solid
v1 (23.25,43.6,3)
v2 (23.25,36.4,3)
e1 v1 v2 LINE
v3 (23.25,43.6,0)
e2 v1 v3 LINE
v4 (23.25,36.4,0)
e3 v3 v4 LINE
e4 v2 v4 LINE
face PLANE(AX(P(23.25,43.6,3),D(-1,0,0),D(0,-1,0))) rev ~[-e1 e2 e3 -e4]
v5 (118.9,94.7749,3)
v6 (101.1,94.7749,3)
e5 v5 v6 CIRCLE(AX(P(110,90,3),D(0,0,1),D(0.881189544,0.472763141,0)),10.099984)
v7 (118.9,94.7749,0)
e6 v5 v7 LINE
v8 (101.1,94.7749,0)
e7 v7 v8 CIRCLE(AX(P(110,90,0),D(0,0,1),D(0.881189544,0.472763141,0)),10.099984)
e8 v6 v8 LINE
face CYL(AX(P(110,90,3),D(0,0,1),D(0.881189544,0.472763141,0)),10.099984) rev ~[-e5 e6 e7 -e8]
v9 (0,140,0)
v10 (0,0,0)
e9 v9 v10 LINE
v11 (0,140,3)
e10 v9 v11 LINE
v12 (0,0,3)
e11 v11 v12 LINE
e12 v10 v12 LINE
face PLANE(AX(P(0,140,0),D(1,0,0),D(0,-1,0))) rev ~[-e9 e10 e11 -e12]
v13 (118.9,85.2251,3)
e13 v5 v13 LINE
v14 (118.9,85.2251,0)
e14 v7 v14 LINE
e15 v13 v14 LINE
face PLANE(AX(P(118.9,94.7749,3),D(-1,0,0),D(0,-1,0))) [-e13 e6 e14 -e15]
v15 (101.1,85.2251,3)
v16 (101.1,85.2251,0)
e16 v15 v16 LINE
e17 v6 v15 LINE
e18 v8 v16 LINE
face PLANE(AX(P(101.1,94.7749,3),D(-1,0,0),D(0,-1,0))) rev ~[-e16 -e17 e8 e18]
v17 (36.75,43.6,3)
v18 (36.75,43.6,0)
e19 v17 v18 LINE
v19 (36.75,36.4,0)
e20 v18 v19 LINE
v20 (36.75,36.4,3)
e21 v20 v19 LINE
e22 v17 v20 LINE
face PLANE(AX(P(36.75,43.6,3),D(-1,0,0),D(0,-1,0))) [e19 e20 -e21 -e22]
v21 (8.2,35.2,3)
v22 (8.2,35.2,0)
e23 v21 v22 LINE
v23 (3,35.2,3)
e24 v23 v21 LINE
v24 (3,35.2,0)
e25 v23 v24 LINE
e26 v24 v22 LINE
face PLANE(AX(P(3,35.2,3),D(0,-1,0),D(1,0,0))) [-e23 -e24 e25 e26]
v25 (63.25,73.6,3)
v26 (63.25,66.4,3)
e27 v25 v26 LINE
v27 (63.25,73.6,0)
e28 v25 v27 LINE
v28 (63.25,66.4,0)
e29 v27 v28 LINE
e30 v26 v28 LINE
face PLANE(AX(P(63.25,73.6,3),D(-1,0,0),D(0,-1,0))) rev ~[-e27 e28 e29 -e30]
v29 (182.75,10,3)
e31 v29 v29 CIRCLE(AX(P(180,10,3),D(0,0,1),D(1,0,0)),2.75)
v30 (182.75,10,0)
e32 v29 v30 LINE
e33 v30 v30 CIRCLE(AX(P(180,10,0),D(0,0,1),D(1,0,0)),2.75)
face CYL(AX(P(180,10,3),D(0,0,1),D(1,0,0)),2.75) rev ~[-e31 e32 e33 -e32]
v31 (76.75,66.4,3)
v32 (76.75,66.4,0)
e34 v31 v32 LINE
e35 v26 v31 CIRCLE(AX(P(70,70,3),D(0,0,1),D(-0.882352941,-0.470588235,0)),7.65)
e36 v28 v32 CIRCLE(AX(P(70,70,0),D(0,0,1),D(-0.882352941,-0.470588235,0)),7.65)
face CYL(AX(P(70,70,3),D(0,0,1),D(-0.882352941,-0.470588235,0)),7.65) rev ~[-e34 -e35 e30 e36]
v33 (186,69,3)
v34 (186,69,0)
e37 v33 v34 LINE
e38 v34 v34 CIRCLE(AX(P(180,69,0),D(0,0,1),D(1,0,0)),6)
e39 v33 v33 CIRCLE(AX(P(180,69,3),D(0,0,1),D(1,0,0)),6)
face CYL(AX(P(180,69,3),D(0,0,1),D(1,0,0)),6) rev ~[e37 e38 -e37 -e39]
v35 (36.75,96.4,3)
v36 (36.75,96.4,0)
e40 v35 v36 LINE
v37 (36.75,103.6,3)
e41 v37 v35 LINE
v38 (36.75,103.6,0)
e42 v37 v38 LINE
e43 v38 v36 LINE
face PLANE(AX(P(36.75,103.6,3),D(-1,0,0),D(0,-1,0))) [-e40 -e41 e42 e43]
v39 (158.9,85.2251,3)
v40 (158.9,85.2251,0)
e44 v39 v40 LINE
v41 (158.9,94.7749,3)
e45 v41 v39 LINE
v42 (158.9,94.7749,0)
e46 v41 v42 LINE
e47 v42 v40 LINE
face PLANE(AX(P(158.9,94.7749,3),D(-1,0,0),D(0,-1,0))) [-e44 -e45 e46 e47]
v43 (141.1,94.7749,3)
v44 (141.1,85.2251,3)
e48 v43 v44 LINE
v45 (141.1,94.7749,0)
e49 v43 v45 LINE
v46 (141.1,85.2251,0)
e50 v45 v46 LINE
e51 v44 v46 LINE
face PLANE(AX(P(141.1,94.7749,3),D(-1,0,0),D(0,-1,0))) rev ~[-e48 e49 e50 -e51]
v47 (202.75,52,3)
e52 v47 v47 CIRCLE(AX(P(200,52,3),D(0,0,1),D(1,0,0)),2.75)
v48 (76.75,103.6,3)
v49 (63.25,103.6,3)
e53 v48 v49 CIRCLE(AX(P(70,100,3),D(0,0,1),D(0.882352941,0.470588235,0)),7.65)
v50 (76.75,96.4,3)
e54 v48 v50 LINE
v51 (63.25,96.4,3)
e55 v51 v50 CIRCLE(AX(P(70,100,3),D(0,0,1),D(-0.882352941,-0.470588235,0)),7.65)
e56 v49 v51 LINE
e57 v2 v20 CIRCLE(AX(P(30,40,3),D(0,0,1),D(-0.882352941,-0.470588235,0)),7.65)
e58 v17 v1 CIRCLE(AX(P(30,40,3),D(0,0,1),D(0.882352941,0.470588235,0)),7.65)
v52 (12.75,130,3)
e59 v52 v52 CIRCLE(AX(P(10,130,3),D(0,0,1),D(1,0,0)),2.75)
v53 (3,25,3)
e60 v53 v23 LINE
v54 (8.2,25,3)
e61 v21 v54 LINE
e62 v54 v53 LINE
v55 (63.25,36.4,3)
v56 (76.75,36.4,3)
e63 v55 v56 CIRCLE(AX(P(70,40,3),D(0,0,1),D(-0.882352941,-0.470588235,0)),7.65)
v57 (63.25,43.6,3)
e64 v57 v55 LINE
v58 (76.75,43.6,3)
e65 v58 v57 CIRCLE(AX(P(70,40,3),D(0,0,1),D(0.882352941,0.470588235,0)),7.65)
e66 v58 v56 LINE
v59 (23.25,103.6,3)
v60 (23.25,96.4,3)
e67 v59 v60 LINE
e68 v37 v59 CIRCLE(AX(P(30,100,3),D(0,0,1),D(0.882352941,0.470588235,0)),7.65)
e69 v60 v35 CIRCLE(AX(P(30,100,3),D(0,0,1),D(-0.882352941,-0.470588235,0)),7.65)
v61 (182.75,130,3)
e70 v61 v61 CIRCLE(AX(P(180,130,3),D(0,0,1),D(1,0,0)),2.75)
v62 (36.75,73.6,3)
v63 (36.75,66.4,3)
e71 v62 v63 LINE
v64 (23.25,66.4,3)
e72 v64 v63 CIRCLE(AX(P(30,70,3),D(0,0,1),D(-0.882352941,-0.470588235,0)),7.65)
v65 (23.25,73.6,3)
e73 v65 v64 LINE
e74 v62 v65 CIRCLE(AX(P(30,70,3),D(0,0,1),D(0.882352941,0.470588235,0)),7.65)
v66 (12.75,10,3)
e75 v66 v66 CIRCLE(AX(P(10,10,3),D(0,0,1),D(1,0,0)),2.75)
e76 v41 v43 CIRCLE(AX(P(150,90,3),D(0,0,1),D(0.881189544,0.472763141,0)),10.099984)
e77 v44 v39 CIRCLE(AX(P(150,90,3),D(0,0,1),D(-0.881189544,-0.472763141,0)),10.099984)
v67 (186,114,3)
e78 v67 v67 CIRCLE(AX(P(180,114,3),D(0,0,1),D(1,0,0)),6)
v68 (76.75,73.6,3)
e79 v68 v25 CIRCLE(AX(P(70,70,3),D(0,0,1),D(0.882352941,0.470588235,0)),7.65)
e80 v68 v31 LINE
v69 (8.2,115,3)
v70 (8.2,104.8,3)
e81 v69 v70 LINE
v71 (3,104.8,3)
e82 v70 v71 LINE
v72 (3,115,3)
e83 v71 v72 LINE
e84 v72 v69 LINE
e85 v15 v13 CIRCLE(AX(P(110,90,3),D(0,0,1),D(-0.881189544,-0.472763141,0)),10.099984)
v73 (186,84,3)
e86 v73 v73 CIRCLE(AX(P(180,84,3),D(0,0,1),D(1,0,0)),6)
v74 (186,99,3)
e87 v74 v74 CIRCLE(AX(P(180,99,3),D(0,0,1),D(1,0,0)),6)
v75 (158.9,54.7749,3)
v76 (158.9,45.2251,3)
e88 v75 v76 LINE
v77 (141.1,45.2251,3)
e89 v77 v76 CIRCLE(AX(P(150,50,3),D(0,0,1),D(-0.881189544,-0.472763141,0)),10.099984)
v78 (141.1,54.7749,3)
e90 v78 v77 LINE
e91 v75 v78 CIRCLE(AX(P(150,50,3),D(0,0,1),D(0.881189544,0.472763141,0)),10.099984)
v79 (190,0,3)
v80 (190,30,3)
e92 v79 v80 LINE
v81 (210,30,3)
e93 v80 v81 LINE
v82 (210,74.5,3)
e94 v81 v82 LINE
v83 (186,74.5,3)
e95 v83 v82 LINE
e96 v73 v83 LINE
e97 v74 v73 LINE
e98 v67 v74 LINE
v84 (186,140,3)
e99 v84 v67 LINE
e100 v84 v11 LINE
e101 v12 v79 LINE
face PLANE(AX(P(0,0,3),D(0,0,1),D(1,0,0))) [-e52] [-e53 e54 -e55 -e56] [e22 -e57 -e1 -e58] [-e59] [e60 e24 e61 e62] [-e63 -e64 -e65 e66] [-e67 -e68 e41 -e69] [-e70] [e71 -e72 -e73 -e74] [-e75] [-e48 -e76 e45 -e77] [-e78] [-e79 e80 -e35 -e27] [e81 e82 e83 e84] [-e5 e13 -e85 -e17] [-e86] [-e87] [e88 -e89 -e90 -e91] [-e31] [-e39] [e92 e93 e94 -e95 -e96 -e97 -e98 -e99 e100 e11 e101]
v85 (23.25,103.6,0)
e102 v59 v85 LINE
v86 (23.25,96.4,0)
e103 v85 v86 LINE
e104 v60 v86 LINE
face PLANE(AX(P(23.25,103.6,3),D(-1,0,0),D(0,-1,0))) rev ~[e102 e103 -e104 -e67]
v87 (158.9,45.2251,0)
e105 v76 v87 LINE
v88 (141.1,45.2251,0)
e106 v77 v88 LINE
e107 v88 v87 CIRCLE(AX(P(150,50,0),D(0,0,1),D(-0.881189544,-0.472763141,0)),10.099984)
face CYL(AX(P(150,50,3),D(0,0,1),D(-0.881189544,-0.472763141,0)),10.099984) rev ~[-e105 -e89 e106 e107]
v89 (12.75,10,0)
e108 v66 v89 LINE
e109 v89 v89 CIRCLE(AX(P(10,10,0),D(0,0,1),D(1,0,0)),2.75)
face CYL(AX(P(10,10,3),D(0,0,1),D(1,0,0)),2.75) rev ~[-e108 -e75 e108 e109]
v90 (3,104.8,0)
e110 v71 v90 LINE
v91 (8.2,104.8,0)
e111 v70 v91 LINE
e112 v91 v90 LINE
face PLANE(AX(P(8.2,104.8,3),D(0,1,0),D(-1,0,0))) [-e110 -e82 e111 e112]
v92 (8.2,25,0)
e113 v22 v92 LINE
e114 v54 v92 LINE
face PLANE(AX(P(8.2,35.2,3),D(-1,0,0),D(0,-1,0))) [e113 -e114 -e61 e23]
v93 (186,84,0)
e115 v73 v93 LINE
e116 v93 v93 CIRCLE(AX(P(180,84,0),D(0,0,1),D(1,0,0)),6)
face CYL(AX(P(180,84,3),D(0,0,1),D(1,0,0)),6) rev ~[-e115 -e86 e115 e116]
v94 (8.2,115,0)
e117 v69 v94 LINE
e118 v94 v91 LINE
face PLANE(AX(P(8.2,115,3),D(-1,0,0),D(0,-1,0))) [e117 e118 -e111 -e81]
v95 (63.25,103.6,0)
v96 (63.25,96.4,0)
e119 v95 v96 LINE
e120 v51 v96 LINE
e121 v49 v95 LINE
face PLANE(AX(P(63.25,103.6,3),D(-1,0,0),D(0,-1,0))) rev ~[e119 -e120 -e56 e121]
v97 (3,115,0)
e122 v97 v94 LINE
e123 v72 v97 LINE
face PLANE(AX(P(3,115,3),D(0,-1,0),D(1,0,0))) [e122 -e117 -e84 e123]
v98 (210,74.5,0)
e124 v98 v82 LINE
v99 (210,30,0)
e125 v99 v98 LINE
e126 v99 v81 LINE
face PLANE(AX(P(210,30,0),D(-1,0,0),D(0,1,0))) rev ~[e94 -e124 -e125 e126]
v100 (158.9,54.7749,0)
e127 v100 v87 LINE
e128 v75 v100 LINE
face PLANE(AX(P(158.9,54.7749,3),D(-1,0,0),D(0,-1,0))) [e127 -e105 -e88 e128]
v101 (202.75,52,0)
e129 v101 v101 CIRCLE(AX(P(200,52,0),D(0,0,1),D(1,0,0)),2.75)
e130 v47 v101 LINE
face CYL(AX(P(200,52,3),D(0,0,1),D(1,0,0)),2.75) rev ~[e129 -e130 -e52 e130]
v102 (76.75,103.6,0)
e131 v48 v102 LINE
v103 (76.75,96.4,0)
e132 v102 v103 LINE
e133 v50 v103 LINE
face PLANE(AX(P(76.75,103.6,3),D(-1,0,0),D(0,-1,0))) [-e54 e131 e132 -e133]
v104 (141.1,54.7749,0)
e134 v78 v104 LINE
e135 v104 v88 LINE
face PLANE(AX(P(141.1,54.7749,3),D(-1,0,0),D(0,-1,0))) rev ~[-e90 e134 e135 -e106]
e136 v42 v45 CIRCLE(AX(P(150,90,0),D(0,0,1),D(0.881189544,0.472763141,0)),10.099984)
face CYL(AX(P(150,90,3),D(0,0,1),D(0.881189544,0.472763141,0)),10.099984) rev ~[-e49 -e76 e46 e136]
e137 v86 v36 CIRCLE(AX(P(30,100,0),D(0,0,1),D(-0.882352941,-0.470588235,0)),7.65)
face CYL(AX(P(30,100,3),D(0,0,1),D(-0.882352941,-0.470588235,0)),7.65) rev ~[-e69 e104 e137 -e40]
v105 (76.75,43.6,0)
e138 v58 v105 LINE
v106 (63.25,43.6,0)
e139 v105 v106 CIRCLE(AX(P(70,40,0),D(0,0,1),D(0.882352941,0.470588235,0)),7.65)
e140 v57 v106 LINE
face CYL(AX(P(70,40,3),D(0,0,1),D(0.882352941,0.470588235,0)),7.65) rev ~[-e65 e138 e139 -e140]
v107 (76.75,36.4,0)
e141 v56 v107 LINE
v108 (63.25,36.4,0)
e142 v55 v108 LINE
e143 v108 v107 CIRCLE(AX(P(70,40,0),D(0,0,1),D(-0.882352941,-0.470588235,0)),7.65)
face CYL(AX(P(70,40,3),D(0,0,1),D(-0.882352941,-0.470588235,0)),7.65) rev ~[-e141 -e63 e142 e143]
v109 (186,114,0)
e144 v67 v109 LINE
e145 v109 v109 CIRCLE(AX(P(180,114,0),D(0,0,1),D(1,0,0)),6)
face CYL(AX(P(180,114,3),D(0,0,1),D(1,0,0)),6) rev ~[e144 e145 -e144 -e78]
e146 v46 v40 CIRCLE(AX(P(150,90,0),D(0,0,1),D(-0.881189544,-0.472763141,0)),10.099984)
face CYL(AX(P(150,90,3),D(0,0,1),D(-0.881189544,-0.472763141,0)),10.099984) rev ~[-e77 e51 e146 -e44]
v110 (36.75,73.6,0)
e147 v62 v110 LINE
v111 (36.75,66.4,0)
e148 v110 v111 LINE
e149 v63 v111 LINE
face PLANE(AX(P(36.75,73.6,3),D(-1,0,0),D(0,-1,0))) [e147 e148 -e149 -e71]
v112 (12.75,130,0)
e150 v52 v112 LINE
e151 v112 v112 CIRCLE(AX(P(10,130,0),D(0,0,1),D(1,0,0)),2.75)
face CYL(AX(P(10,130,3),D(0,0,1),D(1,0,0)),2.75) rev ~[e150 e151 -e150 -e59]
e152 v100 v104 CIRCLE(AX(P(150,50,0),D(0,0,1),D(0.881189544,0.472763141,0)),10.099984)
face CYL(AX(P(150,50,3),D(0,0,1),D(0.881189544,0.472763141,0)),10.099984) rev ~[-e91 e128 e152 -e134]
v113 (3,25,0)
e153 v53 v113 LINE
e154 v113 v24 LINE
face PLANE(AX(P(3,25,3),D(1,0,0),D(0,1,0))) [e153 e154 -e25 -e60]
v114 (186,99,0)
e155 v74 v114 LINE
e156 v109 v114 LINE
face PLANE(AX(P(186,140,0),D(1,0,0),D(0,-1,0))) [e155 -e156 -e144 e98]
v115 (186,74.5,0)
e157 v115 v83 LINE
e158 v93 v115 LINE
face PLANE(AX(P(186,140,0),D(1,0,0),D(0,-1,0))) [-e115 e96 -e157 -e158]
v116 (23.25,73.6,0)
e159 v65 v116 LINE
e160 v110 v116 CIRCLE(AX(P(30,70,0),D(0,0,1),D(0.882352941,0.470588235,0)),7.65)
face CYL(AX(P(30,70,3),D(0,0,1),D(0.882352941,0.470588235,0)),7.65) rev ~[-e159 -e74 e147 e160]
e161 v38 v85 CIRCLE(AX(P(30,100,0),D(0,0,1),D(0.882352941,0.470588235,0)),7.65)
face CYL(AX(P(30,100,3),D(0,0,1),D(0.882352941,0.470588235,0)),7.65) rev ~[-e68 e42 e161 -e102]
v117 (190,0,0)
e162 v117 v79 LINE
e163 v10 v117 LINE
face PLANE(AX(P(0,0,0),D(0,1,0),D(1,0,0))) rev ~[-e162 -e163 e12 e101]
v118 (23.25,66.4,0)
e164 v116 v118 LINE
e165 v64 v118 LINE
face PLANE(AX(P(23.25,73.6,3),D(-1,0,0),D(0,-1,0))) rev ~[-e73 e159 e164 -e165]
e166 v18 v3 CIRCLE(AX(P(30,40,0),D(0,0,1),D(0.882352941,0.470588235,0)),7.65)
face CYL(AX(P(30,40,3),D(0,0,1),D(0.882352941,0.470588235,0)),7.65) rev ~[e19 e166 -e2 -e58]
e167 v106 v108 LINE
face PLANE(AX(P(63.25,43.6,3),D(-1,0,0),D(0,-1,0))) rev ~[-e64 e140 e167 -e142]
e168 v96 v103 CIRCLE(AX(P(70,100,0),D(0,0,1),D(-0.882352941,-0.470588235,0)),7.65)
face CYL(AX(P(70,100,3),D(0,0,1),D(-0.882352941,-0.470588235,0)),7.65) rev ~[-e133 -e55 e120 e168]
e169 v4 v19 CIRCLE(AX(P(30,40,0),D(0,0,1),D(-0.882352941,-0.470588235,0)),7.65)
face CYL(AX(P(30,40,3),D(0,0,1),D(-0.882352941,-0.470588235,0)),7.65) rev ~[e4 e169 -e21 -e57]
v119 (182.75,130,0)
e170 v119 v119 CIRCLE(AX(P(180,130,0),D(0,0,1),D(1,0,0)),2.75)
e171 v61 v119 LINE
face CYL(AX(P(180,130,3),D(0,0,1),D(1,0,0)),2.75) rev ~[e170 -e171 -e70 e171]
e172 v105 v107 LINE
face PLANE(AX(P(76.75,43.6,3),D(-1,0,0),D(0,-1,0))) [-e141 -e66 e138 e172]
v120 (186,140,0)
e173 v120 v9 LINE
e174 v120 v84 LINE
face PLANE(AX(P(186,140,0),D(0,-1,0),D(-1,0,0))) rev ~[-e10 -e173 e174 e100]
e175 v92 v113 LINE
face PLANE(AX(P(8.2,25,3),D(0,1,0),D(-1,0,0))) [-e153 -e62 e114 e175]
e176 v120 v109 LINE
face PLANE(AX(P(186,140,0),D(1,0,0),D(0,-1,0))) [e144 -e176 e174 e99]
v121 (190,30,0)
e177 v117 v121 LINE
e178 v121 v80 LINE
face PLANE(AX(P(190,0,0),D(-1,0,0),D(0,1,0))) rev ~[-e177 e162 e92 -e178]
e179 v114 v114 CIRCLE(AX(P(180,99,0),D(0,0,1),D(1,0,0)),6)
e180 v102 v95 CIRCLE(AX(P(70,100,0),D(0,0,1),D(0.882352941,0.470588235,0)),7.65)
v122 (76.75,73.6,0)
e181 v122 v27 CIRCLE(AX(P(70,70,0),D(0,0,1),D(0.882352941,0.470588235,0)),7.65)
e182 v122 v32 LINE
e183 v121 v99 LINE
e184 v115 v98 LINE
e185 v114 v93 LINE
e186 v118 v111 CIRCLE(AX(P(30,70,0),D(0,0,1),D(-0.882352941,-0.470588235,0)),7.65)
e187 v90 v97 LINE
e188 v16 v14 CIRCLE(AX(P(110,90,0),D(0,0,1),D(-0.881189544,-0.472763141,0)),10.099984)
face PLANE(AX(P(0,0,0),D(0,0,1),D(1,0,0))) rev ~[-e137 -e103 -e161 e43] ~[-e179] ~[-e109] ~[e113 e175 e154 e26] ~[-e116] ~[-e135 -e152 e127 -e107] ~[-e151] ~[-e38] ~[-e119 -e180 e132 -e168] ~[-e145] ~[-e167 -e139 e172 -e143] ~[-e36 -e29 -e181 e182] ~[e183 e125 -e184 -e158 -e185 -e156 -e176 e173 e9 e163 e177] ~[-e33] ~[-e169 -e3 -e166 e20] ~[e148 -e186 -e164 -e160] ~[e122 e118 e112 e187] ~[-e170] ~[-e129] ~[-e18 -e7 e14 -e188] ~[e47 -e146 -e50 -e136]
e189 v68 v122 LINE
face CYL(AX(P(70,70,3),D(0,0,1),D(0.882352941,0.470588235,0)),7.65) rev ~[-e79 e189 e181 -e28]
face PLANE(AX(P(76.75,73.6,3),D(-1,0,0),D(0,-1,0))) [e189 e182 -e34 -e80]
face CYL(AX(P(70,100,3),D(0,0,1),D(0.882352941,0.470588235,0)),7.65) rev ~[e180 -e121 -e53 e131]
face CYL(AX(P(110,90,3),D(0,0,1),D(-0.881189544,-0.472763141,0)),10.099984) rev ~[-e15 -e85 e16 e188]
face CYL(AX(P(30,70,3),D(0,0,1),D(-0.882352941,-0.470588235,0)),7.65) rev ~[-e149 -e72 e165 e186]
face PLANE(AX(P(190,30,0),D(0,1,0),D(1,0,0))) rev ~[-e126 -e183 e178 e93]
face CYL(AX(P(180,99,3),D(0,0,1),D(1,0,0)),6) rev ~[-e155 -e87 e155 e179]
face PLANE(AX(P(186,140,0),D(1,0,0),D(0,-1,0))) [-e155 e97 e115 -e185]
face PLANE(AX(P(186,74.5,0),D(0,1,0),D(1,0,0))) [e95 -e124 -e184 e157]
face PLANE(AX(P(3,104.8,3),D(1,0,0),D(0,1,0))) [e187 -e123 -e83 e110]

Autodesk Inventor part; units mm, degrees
ref_plane "YZ Plane" through (0, 0, 0) normal (1, 0, 0) x (0, 1, 0)
ref_plane "XZ Plane" through (0, 0, 0) normal (0, 1, 0) x (-1, 0, 0)
ref_plane "XY Plane" through (0, 0, 0) normal (0, 0, 1) x (1, 0, 0)
sketch "Sketch1" plane through (0, 0, 0) normal (0, 0, 1) x (1, 0, 0)
  line L0 (0, 0) -> (190, 0)
  line L1 (0, 140) -> (0, 0)
  line L2 (190, 0) -> (190, 30)
  line L3 (190, 30) -> (210, 30)
  line L4 (210, 30) -> (210, 74.5)
  line L5 (186, 140) -> (186, 74.5)
  line L6 (186, 74.5) -> (210, 74.5)
  line L7 (186, 140) -> (0, 140)
  dimension "d2" = 20
  dimension "d3" = 30
  dimension "d4" = 140
  dimension "d49" = 24
  dimension "d50" = 65.5
  dimension "d51" = 210
extrude "Extrusion1" add sketch "Sketch1" along normal blind 3
sketch "Sketch2" plane through (0, 0, 3) normal (0, 0, 1) x (1, 0, 0)
  arc A0 (141.1, 85.2251) -> (158.9, 85.2251) centre (150, 90) ccw
  line L0 (210, 30) -> (210, 74.5) projected
  line L1 (250, 140) -> (0, 140) projected
  line L2 (141.1, 94.7749) -> (141.1, 85.2251)
  line L3 (158.9, 94.7749) -> (158.9, 85.2251)
  arc A1 (158.9, 94.7749) -> (141.1, 94.7749) centre (150, 90) ccw
  circle A2 centre (180, 114) radius 6
  line L4 (158.9, 54.7749) -> (158.9, 45.2251)
  arc A3 (158.9, 54.7749) -> (141.1, 54.7749) centre (150, 50) ccw
  line L5 (141.1, 54.7749) -> (141.1, 45.2251)
  arc A4 (141.1, 45.2251) -> (158.9, 45.2251) centre (150, 50) ccw
  arc A5 (101.1, 85.2251) -> (118.9, 85.2251) centre (110, 90) ccw
  arc A6 (118.9, 94.7749) -> (101.1, 94.7749) centre (110, 90) ccw
  line L6 (118.9, 94.7749) -> (118.9, 85.2251)
  line L7 (101.1, 94.7749) -> (101.1, 85.2251)
  arc A7 (63.25, 96.4) -> (76.75, 96.4) centre (70, 100) ccw
  line L8 (63.25, 103.6) -> (63.25, 96.4)
  line L9 (76.75, 103.6) -> (76.75, 96.4)
  arc A8 (76.75, 103.6) -> (63.25, 103.6) centre (70, 100) ccw
  line L10 (76.75, 73.6) -> (76.75, 66.4)
  arc A9 (63.25, 66.4) -> (76.75, 66.4) centre (70, 70) ccw
  line L11 (63.25, 73.6) -> (63.25, 66.4)
  arc A10 (76.75, 73.6) -> (63.25, 73.6) centre (70, 70) ccw
  line L12 (76.75, 43.6) -> (76.75, 36.4)
  arc A11 (63.25, 36.4) -> (76.75, 36.4) centre (70, 40) ccw
  line L13 (63.25, 43.6) -> (63.25, 36.4)
  arc A12 (76.75, 43.6) -> (63.25, 43.6) centre (70, 40) ccw
  line L14 (36.75, 103.6) -> (36.75, 96.4)
  arc A13 (23.25, 96.4) -> (36.75, 96.4) centre (30, 100) ccw
  line L15 (23.25, 103.6) -> (23.25, 96.4)
  arc A14 (36.75, 103.6) -> (23.25, 103.6) centre (30, 100) ccw
  line L16 (36.75, 73.6) -> (36.75, 66.4)
  arc A15 (23.25, 66.4) -> (36.75, 66.4) centre (30, 70) ccw
  line L17 (23.25, 73.6) -> (23.25, 66.4)
  arc A16 (36.75, 73.6) -> (23.25, 73.6) centre (30, 70) ccw
  line L18 (36.75, 43.6) -> (36.75, 36.4)
  arc A17 (23.25, 36.4) -> (36.75, 36.4) centre (30, 40) ccw
  line L19 (23.25, 43.6) -> (23.25, 36.4)
  arc A18 (36.75, 43.6) -> (23.25, 43.6) centre (30, 40) ccw
  circle A19 centre (180, 99) radius 6
  circle A20 centre (180, 84) radius 6
  circle A21 centre (180, 69) radius 6
  point P0 (0, 0)
  dimension "d8" = 60
  dimension "d10" = 17.8
  dimension "d11" = 8.9
  dimension "d12" = 10.1
  dimension "d21" = 12
  dimension "d23" = 30
  dimension "d52" = 26
  dimension "d53" = 50
  dimension "d83" = 40
  dimension "d93" = 40
  dimension "d98" = 40
  dimension "d99" = 40
  dimension "d100" = 13.5
  dimension "d101" = 6.75
  dimension "d102" = 7.65
  dimension "d105" = 30
  dimension "d108" = 40
  dimension "d113" = 15
extrude "Extrusion2" cut sketch "Sketch2" against normal blind 12
sketch "Sketch3" plane through (0, 0, 3) normal (0, 0, 1) x (1, 0, 0)
  circle A0 centre (10, 10) radius 2.75
  circle A1 centre (10, 130) radius 2.75
  circle A2 centre (180, 130) radius 2.75
  circle A3 centre (180, 10) radius 2.75
  circle A4 centre (200, 52) radius 2.75
  line L0 (0, 140) -> (0, 0) projected
  line L1 (186, 140) -> (0, 140) projected
  line L2 (0, 0) -> (190, 0) projected
  line L3 (190, 0) -> (190, 30) projected
  line L4 (210, 30) -> (210, 74.5) projected
  line L5 (190, 30) -> (210, 30) projected
  dimension "d54" = 10
  dimension "d55" = 10
  dimension "d56" = 5.5
  dimension "d57" = 10
  dimension "d58" = 10
  dimension "d59" = 5.5
  dimension "d60" = 10
  dimension "d61" = 10
  dimension "d62" = 5.5
  dimension "d63" = 10
  dimension "d64" = 22
  dimension "d65" = 5.5
  dimension "d67" = 10
  dimension "d68" = 10
  dimension "d69" = 5.5
extrude "Holes" cut sketch "Sketch3" against normal blind 12
sketch "Sketch4" plane through (0, 0, 3) normal (0, 0, 1) x (1, 0, 0)
  line L0 (3, 115) -> (8.2, 115)
  line L1 (8.2, 115) -> (8.2, 104.8)
  line L2 (8.2, 104.8) -> (3, 104.8)
  line L3 (3, 104.8) -> (3, 115)
  line L4 (3, 35.2) -> (8.2, 35.2)
  line L5 (8.2, 35.2) -> (8.2, 25)
  line L6 (8.2, 25) -> (3, 25)
  line L7 (3, 25) -> (3, 35.2)
  line L8 (0, 140) -> (0, 0) projected
  line L9 (0, 0) -> (190, 0) projected
  line L10 (186, 140) -> (0, 140) projected
  dimension "d72" = 3
  dimension "d73" = 3
  dimension "d74" = 25
  dimension "d75" = 25
  dimension "d76" = 10.2
  dimension "d77" = 5.2
  dimension "d78" = 10.2
extrude "Extrusion4" cut sketch "Sketch4" against normal blind 12
equation "\"d45\" = d26"
equation "\"d58\" = d54"
equation "\"d59\" = d56"
equation "\"d60\" = d54"
equation "\"d61\" = d54"
equation "\"d62\" = d56"
equation "\"d63\" = d54"
equation "\"d65\" = d56"
equation "\"d70\" = d26"
equation "\"d79\" = d26"
equation "\"d26\" = 12"
properties part number "Steckerplatte1"
